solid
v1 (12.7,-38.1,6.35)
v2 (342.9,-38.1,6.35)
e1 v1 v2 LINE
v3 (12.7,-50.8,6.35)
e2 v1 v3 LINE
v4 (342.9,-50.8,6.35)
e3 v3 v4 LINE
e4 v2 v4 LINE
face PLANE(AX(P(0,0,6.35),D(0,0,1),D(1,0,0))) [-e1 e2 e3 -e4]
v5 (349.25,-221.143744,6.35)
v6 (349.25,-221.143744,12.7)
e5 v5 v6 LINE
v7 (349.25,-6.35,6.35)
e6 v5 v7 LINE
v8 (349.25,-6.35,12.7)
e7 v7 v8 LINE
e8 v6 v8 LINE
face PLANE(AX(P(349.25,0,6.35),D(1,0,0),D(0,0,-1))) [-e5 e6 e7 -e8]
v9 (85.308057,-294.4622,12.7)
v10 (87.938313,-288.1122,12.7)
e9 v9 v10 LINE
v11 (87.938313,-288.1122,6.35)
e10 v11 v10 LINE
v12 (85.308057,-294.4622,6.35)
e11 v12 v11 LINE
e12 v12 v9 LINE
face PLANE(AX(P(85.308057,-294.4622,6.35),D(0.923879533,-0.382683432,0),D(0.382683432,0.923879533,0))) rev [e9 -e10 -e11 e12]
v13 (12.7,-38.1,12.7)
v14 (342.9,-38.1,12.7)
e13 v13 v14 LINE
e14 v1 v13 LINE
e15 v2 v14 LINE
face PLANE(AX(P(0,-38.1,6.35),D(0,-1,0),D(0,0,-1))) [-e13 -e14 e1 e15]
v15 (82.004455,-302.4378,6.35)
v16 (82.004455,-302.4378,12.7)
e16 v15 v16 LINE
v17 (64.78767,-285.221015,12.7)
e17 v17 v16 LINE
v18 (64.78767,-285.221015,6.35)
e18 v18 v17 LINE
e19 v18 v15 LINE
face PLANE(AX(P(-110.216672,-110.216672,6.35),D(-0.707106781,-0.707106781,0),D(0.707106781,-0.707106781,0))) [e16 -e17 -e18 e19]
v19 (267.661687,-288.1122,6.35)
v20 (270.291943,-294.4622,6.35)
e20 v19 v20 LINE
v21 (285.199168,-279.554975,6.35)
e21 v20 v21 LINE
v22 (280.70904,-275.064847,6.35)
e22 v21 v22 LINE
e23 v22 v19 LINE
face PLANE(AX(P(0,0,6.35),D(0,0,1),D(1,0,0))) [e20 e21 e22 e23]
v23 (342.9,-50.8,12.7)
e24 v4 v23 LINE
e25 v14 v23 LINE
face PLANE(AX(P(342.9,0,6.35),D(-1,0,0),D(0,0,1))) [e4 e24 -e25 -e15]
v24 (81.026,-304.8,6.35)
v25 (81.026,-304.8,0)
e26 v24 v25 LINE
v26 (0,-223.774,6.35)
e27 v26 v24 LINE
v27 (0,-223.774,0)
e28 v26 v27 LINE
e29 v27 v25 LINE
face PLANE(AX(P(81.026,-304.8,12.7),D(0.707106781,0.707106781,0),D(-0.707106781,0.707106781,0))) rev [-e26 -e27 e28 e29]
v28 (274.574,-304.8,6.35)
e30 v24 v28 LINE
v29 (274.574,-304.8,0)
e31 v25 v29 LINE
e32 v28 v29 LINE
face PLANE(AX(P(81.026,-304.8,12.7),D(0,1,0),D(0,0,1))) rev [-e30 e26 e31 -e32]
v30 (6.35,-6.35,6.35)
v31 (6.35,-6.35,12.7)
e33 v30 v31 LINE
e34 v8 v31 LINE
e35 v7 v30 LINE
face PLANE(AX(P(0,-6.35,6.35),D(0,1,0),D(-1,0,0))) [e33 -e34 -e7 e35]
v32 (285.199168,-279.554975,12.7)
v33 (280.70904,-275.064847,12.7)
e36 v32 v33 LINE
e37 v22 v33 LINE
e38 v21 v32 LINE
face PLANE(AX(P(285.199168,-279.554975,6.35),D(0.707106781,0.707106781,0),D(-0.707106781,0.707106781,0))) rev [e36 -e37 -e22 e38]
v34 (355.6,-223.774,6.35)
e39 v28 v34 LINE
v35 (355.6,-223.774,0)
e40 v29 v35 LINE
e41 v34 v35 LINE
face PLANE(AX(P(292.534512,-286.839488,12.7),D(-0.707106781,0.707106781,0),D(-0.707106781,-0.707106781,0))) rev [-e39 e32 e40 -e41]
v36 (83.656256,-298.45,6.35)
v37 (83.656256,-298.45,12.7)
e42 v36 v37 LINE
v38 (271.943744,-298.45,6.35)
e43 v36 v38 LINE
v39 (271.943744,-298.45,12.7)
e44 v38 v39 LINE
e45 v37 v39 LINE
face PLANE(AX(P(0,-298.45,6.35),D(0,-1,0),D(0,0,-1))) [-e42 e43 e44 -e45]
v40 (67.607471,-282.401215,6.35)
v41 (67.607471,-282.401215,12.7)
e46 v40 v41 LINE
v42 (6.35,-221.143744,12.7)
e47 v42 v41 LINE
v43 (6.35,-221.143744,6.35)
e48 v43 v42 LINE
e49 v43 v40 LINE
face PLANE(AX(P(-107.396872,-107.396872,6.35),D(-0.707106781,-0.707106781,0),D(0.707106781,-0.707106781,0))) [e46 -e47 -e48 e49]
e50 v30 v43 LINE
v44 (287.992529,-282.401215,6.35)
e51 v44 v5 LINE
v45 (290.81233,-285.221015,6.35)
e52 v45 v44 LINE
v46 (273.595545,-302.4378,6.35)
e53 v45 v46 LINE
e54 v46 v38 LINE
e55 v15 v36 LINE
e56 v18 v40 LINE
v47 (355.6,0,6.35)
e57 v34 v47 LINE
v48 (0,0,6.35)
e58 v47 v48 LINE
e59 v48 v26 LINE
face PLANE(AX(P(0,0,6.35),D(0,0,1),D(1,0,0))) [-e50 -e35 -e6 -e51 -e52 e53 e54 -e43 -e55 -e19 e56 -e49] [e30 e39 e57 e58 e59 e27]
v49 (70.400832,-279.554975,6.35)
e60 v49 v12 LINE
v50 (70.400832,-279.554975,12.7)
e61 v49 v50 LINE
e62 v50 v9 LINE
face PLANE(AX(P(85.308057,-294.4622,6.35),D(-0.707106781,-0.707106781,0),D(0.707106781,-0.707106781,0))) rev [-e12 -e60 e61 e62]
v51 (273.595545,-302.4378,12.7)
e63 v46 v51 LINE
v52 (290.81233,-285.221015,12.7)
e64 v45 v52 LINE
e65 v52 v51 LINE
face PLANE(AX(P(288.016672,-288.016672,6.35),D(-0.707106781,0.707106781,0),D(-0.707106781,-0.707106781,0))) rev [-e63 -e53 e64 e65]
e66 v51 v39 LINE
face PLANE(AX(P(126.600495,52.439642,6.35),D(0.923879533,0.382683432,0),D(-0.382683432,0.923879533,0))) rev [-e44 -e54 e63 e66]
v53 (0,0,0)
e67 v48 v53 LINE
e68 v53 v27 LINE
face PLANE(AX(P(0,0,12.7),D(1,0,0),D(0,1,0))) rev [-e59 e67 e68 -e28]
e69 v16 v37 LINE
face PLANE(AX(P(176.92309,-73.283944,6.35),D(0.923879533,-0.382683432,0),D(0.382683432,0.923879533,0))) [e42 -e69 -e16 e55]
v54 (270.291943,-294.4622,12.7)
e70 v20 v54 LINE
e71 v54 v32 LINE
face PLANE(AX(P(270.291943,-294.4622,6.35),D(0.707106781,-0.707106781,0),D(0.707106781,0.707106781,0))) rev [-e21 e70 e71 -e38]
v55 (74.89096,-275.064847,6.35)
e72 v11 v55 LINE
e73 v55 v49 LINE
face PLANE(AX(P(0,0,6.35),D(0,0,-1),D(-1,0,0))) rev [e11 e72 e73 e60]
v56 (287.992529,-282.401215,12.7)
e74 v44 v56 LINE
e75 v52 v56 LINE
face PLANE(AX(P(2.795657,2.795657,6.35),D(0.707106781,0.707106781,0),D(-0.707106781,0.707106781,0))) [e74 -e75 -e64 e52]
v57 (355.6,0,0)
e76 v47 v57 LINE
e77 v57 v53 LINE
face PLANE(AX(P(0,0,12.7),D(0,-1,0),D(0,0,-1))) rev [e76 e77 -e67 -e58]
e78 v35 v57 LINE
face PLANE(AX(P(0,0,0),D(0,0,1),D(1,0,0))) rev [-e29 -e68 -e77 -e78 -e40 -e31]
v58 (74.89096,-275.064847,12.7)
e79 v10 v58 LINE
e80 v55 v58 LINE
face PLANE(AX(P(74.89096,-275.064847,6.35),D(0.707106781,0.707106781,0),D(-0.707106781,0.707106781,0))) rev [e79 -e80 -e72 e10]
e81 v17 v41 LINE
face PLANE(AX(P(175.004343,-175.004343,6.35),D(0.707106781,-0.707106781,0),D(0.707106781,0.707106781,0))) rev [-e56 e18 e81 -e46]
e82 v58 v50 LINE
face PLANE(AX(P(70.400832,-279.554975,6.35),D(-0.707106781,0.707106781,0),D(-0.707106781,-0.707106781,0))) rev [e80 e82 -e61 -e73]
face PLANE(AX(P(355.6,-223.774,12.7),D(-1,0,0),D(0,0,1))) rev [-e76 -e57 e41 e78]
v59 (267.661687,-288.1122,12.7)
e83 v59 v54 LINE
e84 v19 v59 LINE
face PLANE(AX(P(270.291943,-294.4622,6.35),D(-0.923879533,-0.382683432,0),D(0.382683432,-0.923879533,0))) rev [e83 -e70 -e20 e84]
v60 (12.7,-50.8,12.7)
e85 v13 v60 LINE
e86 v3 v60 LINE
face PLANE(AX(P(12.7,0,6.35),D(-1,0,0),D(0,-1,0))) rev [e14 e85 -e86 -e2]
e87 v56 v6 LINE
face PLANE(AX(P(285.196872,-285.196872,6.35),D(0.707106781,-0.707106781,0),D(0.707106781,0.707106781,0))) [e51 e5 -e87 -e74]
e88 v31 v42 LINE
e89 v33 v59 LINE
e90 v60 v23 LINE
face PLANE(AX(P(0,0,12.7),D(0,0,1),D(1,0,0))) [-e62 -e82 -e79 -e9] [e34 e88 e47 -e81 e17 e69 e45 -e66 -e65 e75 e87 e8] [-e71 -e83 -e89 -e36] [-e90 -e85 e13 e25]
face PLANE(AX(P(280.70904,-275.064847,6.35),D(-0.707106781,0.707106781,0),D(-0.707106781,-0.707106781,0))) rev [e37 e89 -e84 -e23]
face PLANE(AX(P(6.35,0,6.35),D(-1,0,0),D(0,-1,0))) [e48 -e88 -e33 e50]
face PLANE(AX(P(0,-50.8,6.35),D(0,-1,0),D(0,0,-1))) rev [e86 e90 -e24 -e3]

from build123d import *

# Parameters (mm, degrees)
BOSS_EXTRUDE1_DEPTH = 12.7
SKETCH2_W           = 330.2
SKETCH2_H           = 12.7
CUT_EXTRUDE1_DEPTH  = 6.35
CUT_EXTRUDE3_DEPTH  = 6.35


with BuildPart() as part:
    # Sketch1 → Boss-Extrude1 (new body)
    with BuildSketch(Plane.XY):
        Polygon((0, 0), (355.6, 0), (355.6, -223.774), (292.534512242, -286.839487758), (274.574, -304.8), (81.026, -304.8), (63.065487758, -286.839487758), (0, -223.774), align=None)
    extrude(amount=BOSS_EXTRUDE1_DEPTH)

    # Sketch2 → Cut-Extrude1 (cut)
    with BuildSketch(Plane.XY.offset(12.7)):
        Polygon((0, 0), (0, -223.774), (81.026, -304.8), (274.574, -304.8), (355.6, -223.774), (355.6, 0), align=None)
        Polygon((6.35, -221.143743879), (67.607470696, -282.401214575), (64.787670274, -285.221014997), (82.004455277, -302.4378), (83.656256121, -298.45), (271.943743879, -298.45), (273.595544723, -302.4378), (290.812329726, -285.221014997), (287.992529304, -282.401214575), (349.25, -221.143743879), (349.25, -6.35), (6.35, -6.35), align=None, mode=Mode.SUBTRACT)
        with Locations((177.8, -44.45)):
            Rectangle(SKETCH2_W, SKETCH2_H)
    extrude(amount=-CUT_EXTRUDE1_DEPTH, mode=Mode.SUBTRACT)

    # Sketch3 → Cut-Extrude3 (cut)
    with BuildSketch(Plane.XY.offset(12.7)):
        Polygon((85.308056965, -294.4622), (70.400831804, -279.554974839), (74.890959865, -275.064846778), (87.938313086, -288.1122), align=None)
        Polygon((285.199168196, -279.554974839), (280.709040135, -275.064846778), (267.661686914, -288.1122), (270.291943035, -294.4622), align=None)
    extrude(amount=-CUT_EXTRUDE3_DEPTH, mode=Mode.SUBTRACT)


solid = part.part
